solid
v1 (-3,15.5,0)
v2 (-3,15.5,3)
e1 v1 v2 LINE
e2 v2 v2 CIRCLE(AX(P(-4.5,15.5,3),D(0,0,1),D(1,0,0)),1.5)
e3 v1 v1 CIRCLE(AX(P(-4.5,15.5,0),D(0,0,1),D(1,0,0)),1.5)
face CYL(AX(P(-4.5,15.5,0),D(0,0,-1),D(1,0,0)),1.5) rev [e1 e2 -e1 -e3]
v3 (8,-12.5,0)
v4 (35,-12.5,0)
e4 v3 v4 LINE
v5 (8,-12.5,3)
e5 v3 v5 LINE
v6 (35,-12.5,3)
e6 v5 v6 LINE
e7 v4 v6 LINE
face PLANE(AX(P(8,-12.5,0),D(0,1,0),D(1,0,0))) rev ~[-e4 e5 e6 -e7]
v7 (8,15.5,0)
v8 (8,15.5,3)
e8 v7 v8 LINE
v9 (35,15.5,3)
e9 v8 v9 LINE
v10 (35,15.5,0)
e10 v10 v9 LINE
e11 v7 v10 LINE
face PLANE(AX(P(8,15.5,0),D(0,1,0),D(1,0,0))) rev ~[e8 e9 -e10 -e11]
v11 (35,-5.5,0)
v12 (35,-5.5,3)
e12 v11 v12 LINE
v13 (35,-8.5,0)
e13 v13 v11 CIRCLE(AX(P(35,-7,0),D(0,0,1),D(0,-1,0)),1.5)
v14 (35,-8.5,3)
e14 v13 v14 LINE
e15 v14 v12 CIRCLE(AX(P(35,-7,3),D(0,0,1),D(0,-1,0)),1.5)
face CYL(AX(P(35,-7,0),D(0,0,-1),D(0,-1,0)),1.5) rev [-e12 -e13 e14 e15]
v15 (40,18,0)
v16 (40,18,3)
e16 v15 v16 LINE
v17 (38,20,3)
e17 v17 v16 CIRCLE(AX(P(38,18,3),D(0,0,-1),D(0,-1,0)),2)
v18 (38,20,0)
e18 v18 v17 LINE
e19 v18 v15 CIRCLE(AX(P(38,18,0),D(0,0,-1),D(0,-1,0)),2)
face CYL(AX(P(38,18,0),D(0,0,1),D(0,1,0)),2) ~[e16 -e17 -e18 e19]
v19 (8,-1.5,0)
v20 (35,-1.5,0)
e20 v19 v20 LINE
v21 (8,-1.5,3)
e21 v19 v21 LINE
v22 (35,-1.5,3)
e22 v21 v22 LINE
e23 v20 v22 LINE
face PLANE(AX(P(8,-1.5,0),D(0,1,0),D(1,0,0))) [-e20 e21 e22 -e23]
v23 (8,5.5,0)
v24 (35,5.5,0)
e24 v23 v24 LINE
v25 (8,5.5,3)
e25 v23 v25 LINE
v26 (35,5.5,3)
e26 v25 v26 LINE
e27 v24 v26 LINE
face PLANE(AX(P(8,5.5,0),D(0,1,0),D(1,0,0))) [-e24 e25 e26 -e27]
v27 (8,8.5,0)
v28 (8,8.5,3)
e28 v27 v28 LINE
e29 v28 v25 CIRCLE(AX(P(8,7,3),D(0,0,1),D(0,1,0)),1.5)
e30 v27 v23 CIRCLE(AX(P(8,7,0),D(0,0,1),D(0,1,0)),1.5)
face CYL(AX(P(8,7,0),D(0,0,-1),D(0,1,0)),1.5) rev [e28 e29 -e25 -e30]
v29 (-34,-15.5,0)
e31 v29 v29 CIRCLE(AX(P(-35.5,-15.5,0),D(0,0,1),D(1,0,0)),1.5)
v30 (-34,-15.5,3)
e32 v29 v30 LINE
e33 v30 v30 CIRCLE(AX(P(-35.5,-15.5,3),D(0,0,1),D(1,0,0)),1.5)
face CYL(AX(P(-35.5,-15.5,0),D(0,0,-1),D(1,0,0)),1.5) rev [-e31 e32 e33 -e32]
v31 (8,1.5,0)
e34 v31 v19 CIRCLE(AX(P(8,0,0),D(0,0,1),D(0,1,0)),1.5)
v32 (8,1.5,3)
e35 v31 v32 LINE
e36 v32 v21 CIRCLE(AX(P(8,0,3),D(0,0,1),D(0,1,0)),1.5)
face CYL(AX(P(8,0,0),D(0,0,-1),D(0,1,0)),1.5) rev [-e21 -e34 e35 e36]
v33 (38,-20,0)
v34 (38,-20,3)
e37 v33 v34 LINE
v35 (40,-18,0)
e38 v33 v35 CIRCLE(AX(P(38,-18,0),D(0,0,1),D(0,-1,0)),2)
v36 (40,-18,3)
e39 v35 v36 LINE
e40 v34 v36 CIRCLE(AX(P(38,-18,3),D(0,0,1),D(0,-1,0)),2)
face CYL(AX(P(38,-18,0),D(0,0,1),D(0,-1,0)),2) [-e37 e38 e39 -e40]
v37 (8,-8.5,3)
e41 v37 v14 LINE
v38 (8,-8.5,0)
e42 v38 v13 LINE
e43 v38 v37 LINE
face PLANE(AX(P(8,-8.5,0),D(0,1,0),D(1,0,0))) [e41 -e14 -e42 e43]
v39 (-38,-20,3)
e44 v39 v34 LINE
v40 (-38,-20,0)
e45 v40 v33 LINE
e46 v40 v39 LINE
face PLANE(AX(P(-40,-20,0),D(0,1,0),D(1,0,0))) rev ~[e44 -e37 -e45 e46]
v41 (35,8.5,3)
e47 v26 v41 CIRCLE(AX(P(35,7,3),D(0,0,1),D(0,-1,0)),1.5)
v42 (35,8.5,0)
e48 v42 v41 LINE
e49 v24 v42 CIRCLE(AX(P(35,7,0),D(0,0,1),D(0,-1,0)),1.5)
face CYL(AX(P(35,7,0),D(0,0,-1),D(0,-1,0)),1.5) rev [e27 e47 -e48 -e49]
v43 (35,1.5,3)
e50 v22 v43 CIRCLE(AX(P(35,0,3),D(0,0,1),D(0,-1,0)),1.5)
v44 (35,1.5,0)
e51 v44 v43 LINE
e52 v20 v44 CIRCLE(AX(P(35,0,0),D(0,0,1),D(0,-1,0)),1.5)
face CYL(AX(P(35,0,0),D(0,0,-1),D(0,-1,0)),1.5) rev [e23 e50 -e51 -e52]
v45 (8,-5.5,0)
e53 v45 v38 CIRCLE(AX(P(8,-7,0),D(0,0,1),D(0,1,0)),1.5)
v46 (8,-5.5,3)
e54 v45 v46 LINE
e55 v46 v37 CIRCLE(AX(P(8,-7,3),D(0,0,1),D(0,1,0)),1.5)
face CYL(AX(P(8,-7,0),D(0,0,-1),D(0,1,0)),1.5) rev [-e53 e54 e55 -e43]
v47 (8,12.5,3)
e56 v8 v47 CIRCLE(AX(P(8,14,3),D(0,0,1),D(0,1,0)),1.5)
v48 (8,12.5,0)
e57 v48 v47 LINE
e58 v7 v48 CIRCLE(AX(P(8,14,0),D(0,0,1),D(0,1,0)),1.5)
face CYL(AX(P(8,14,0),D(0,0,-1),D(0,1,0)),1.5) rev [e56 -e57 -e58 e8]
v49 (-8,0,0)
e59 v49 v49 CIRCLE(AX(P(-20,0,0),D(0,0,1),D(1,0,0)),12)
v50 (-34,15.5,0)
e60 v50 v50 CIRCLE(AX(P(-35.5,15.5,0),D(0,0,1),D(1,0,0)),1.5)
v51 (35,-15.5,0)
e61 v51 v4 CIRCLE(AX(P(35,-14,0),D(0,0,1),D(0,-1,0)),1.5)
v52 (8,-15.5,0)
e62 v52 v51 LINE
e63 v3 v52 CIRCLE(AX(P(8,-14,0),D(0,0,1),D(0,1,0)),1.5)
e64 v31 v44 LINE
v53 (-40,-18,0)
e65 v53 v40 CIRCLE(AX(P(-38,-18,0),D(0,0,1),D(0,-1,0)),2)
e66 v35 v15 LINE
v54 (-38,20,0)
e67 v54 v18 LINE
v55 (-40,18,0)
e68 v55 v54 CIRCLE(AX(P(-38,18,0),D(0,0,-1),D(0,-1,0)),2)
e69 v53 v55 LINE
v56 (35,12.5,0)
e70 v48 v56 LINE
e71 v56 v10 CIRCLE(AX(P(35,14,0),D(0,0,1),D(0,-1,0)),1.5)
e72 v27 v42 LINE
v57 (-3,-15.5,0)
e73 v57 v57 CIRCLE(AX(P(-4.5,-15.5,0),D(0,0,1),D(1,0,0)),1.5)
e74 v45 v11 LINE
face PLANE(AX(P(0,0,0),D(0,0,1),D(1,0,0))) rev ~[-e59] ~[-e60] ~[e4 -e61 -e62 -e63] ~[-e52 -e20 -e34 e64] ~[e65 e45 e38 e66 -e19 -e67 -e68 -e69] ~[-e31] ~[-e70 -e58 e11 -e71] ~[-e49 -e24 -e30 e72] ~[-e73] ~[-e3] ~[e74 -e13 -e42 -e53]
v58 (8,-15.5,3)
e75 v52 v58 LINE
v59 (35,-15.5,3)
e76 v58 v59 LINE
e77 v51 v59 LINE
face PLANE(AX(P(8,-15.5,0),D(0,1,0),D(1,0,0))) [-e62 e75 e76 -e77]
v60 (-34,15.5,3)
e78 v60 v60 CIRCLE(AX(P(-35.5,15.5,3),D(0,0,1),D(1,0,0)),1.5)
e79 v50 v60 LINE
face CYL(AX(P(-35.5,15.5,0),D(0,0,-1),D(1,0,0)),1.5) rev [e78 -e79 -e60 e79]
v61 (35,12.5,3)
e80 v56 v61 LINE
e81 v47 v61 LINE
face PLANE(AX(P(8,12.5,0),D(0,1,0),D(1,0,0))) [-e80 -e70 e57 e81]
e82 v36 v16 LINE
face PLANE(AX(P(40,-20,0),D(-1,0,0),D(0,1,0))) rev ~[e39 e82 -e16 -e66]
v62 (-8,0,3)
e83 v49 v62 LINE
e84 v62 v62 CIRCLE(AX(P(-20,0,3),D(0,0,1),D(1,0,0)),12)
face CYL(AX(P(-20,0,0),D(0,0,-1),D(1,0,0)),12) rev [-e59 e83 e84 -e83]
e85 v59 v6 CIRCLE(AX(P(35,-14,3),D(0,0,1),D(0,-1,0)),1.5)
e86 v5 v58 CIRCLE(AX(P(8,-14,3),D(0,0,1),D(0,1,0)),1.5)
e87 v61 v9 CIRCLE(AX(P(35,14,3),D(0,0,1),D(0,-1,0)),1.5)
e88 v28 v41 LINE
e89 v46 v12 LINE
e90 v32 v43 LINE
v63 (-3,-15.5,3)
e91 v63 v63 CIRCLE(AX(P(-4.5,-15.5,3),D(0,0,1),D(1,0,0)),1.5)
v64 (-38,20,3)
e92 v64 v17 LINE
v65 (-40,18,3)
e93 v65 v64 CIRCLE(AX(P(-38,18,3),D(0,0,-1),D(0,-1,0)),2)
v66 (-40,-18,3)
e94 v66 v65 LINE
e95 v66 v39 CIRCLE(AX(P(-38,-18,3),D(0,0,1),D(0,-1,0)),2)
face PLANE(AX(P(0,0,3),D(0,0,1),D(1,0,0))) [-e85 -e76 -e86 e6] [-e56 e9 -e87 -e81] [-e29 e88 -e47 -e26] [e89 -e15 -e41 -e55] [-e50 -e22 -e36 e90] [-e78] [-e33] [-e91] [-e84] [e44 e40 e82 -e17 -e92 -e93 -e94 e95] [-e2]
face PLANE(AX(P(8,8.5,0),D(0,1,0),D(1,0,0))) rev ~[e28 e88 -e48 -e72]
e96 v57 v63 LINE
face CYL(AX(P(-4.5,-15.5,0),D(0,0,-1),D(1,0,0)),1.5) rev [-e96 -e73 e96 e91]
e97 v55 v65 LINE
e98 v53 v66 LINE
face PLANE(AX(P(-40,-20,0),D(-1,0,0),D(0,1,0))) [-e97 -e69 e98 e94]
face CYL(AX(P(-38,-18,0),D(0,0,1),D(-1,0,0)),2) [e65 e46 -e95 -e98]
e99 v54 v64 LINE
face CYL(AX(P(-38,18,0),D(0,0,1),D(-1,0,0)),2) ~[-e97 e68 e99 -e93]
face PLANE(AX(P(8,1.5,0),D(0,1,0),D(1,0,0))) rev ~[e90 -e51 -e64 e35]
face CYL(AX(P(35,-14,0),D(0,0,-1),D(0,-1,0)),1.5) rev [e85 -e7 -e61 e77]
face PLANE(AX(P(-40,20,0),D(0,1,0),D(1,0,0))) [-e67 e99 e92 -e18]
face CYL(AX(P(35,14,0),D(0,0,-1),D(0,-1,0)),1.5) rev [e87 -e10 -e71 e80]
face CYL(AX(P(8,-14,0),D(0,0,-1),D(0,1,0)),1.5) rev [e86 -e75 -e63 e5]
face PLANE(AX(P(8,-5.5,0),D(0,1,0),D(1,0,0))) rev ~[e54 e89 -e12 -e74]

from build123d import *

# Parameters (mm, degrees)
SKETCH_W   = 80
SKETCH_H   = 40
SKETCH_R   = 12
SKETCH_R_2 = 1.5
PAD_DEPTH  = 3
FILLET_R   = 2


with BuildPart() as part:
    # Sketch → Pad (new body)
    with BuildSketch(Plane.XY):
        Rectangle(SKETCH_W, SKETCH_H)
        with Locations((-20, 0)):
            Circle(SKETCH_R, mode=Mode.SUBTRACT)
        with Locations((-35.5, 15.5)):
            Circle(SKETCH_R_2, mode=Mode.SUBTRACT)
        with Locations((-4.5, 15.5)):
            Circle(SKETCH_R_2, mode=Mode.SUBTRACT)
        with Locations((-35.5, -15.5)):
            Circle(SKETCH_R_2, mode=Mode.SUBTRACT)
        with Locations((-4.5, -15.5)):
            Circle(SKETCH_R_2, mode=Mode.SUBTRACT)
        with BuildLine():
            ThreePointArc((8, 1.5), (6.5, 0), (8, -1.5))
            Line((8, -1.5), (35, -1.5))
            ThreePointArc((35, -1.5), (36.5, 0), (35, 1.5))
            Line((8, 1.5), (35, 1.5))
        make_face(mode=Mode.SUBTRACT)
        with BuildLine():
            ThreePointArc((8, 8.5), (6.5, 7), (8, 5.5))
            Line((8, 5.5), (35, 5.5))
            ThreePointArc((35, 5.5), (36.5, 7), (35, 8.5))
            Line((8, 8.5), (35, 8.5))
        make_face(mode=Mode.SUBTRACT)
        with BuildLine():
            ThreePointArc((8, 15.5), (6.5, 14), (8, 12.5))
            Line((8, 12.5), (35, 12.5))
            ThreePointArc((35, 12.5), (36.5, 14), (35, 15.5))
            Line((8, 15.5), (35, 15.5))
        make_face(mode=Mode.SUBTRACT)
        with BuildLine():
            ThreePointArc((8, -5.5), (6.5, -7), (8, -8.5))
            Line((8, -8.5), (35, -8.5))
            ThreePointArc((35, -8.5), (36.5, -7), (35, -5.5))
            Line((8, -5.5), (35, -5.5))
        make_face(mode=Mode.SUBTRACT)
        with BuildLine():
            ThreePointArc((8, -12.5), (6.5, -14), (8, -15.5))
            Line((8, -15.5), (35, -15.5))
            ThreePointArc((35, -15.5), (36.5, -14), (35, -12.5))
            Line((8, -12.5), (35, -12.5))
        make_face(mode=Mode.SUBTRACT)
    extrude(amount=PAD_DEPTH)

    # Fillet
    fillet_edges = [part.edges().sort_by_distance(p)[0] for p in [
        (-40, 20, 1.5),
        (-40, -20, 1.5),
        (40, -20, 1.5),
        (40, 20, 1.5),
    ]]
    fillet(fillet_edges, radius=FILLET_R)


solid = part.part
